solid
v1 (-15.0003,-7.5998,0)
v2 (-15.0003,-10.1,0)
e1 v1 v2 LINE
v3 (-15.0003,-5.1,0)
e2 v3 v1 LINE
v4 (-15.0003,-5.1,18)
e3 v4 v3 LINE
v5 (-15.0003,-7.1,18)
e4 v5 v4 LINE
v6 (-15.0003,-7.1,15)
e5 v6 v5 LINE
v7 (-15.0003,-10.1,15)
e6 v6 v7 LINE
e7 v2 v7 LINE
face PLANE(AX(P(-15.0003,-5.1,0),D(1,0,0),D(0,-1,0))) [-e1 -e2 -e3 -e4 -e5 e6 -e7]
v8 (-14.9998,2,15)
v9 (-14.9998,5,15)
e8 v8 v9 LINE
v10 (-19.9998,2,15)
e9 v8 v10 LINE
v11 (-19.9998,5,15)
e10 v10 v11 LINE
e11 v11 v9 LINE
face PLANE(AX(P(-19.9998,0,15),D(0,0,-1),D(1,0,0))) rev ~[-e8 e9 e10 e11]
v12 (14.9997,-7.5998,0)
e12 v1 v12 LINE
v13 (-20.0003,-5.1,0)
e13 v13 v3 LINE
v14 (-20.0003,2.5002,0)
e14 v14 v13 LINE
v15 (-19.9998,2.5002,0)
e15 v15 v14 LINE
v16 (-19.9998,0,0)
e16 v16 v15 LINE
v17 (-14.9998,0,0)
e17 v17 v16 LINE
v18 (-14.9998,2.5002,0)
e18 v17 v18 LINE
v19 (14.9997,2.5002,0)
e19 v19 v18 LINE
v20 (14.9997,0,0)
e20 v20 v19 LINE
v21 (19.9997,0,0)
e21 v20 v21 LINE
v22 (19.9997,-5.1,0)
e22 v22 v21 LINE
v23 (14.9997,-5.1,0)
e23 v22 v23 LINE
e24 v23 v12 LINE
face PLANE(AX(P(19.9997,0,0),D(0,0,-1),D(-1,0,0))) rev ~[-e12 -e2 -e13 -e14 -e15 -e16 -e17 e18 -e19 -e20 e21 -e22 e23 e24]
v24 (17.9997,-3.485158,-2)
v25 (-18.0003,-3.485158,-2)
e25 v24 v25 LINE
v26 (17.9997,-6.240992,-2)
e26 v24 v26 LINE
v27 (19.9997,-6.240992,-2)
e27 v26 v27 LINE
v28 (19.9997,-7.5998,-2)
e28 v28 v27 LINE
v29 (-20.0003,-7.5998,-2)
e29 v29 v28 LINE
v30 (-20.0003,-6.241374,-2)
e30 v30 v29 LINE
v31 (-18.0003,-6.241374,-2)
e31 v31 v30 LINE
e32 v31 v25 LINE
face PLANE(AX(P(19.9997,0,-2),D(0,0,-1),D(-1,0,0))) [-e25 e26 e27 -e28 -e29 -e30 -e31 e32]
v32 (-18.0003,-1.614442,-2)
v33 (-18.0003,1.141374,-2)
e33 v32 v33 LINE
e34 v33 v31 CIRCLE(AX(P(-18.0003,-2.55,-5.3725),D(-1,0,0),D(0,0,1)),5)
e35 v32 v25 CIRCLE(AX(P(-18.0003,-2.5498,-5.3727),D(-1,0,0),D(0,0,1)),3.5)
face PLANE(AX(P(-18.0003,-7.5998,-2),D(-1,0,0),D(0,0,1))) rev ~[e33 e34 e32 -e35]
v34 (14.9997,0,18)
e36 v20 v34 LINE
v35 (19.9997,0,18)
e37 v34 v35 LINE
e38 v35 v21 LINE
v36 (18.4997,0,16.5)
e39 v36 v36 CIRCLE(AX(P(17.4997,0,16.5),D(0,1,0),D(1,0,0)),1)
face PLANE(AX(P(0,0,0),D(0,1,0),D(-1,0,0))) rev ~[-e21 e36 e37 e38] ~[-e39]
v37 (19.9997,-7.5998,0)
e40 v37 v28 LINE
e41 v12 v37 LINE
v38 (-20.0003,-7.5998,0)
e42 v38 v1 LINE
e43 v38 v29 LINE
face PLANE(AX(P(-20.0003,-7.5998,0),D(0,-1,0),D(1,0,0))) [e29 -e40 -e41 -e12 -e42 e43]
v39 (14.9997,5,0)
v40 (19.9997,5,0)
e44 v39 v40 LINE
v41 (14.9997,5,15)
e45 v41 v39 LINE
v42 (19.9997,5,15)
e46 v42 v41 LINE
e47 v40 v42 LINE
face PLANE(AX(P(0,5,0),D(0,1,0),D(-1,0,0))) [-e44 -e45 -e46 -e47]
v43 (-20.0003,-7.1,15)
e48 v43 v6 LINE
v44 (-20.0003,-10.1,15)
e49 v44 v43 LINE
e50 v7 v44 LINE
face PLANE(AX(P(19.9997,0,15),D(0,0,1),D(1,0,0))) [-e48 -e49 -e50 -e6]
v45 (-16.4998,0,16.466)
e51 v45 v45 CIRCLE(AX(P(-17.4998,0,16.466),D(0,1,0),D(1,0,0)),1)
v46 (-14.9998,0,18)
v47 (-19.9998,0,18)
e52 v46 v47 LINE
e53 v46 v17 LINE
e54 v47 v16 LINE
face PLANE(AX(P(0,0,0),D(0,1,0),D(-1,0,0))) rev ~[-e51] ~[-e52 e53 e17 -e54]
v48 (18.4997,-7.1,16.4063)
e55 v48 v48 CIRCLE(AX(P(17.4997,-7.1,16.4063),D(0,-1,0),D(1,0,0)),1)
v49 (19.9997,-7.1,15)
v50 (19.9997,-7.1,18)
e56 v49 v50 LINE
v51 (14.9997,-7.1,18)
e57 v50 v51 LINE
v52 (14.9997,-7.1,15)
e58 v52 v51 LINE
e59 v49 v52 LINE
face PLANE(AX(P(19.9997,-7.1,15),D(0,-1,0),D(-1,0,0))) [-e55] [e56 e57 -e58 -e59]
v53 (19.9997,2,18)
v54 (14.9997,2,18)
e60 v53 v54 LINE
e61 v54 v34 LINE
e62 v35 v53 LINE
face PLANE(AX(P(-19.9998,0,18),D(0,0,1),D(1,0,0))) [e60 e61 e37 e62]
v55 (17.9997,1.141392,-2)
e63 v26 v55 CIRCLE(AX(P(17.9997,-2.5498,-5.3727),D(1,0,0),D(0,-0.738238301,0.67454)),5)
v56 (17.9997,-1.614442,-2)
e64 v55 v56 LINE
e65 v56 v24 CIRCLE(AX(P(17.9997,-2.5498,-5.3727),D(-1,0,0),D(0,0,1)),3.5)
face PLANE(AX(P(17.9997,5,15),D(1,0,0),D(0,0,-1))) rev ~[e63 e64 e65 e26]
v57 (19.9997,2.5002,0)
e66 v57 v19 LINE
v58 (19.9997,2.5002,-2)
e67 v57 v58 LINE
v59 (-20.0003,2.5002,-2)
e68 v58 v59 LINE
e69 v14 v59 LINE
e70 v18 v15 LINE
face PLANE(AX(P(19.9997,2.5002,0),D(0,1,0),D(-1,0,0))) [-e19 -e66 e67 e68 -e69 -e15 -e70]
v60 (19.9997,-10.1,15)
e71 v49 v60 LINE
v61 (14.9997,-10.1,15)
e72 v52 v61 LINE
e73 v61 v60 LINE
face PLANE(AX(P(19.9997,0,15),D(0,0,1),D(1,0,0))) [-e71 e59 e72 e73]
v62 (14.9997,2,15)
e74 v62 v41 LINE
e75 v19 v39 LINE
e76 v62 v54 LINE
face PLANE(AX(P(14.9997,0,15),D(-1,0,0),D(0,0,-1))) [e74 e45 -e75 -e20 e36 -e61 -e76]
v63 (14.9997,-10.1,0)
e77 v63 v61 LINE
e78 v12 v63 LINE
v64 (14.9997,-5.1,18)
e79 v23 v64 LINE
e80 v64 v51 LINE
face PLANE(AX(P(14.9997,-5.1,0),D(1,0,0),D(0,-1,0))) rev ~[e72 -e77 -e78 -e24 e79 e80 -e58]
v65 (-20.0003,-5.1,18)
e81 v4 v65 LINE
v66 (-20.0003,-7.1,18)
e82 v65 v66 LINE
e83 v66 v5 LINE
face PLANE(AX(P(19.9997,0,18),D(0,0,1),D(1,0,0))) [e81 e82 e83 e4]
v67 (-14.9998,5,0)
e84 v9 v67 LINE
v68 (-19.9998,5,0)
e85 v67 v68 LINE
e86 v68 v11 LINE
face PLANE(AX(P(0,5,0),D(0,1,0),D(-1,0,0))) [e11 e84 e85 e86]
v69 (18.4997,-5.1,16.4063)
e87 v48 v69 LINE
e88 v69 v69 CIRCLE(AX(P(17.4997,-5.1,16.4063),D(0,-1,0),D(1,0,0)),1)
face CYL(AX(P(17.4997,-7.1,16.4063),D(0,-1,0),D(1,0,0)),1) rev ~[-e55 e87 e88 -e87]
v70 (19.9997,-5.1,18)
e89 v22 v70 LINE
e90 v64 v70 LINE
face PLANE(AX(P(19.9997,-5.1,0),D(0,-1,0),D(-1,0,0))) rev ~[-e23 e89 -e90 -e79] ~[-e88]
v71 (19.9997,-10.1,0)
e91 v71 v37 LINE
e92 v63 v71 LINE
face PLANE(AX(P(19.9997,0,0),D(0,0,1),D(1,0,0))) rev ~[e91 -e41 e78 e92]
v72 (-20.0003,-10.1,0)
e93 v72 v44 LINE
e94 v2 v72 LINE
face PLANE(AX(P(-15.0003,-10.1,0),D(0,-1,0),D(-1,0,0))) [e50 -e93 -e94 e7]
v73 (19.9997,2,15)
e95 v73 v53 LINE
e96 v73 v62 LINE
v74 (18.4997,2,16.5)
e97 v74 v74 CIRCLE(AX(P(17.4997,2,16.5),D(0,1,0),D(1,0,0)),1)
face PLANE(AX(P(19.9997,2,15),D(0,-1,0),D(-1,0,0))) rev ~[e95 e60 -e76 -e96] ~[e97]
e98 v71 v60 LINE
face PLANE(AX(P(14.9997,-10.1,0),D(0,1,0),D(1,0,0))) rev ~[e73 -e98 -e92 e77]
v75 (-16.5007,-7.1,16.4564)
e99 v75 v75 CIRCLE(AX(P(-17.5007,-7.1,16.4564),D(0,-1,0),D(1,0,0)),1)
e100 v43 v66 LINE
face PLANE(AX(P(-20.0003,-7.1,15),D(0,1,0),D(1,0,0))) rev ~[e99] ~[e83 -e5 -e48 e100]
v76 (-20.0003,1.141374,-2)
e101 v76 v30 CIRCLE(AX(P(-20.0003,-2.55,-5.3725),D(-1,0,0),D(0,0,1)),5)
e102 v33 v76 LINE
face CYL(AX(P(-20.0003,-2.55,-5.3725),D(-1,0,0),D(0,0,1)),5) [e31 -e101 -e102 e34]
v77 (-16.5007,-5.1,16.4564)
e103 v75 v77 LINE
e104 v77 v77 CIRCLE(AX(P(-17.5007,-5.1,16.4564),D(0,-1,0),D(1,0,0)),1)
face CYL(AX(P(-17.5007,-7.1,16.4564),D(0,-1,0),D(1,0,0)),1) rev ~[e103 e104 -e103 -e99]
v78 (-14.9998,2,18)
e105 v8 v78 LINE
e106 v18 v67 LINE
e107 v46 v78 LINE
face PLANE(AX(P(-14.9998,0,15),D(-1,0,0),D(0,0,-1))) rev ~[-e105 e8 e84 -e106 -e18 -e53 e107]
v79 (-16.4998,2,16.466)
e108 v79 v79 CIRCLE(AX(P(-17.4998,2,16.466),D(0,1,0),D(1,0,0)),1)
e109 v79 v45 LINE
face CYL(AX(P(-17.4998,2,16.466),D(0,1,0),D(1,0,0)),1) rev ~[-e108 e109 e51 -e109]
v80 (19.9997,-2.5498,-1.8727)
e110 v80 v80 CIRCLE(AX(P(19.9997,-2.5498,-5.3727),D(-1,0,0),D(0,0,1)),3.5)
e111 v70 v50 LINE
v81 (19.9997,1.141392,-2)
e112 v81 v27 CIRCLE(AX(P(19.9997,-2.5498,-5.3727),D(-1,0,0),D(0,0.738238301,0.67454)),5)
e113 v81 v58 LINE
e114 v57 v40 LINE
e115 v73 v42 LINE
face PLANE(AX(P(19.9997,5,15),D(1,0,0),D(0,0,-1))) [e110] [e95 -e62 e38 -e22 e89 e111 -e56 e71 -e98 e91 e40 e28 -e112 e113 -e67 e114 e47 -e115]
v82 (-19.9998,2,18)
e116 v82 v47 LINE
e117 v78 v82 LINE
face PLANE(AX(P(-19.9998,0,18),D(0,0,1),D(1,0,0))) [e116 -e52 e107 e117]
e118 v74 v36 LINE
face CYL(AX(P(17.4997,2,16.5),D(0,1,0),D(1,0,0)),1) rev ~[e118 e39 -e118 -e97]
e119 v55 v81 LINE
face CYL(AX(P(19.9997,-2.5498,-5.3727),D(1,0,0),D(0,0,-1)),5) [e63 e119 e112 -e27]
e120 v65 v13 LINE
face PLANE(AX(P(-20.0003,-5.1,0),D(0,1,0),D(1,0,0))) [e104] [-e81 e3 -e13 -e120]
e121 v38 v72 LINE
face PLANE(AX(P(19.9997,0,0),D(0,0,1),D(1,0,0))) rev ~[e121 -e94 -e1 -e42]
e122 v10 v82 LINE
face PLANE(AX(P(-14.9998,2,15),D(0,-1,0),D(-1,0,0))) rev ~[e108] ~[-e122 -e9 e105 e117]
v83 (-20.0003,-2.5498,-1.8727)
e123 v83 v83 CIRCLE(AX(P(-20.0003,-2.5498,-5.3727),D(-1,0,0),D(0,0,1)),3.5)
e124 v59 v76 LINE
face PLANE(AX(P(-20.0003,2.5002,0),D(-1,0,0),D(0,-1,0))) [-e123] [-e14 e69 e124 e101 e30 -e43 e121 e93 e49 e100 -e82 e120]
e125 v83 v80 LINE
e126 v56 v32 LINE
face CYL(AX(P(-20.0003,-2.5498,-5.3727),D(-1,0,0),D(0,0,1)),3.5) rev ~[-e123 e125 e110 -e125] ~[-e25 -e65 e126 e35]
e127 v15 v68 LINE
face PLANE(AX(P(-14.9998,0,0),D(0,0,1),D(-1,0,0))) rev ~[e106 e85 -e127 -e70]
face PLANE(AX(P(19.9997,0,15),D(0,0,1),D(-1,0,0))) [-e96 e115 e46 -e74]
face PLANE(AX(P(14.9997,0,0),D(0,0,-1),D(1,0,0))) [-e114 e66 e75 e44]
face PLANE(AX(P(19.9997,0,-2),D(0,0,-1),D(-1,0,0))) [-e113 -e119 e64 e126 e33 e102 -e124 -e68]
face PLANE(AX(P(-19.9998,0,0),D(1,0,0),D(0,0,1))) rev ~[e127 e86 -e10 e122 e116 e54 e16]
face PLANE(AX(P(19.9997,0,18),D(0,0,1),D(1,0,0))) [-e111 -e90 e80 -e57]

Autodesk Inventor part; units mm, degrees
ref_plane "YZ Plane" through (0, 0, 0) normal (1, 0, 0) x (0, 1, 0)
ref_plane "XZ Plane" through (0, 0, 0) normal (0, 1, 0) x (-1, 0, 0)
ref_plane "XY Plane" through (0, 0, 0) normal (0, 0, 1) x (1, 0, 0)
sketch "Sketch3" plane through (0, 0, 0) normal (0, 1, 0) x (-1, 0, 0)
  line L0 (-14.9997, 0) -> (-19.9997, 0)
  line L1 (-19.9997, 0) -> (-19.9997, 15)
  line L2 (-19.9997, 15) -> (-14.9997, 15)
  line L3 (-14.9997, 15) -> (-14.9997, 0)
  line L4 (14.9998, 0) -> (19.9998, 0)
  line L5 (19.9998, 0) -> (19.9998, 15)
  line L6 (19.9998, 15) -> (14.9998, 15)
  line L7 (14.9998, 15) -> (14.9998, 0)
  point P0 (0, 0)
  dimension "d4" = 5
  dimension "d5" = 15
  dimension "d6" = 5
  dimension "d7" = 15
extrude "Extrusion1" add sketch "Sketch3" along normal blind 5
sketch "Sketch5" plane through (-19.9998, 0, 15) normal (0, 0, 1) x (1, 0, 0)
  line L0 (5, 0) -> (0, 0) projected
  line L1 (0, 0) -> (5, 0)
  line L2 (5, 0) -> (5, 2)
  line L3 (5, 2) -> (0, 2)
  line L4 (0, 2) -> (0, 0)
  line L5 (34.9995, 0) -> (39.9995, 0) projected
  line L6 (34.9995, 0) -> (39.9995, 0)
  line L7 (39.9995, 0) -> (39.9995, 2)
  line L8 (39.9995, 2) -> (34.9995, 2)
  line L9 (34.9995, 2) -> (34.9995, 0)
  point P0 (19.9998, 0)
  dimension "d10" = 5
  dimension "d11" = 2
  dimension "d12" = 5
  dimension "d13" = 2
extrude "Extrusion2" add sketch "Sketch5" along normal blind 3
sketch "Sketch6" plane through (-19.9998, 2, 15) normal (0, 1, 0) x (1, 0, 0)
  point P0 (19.9998, 15)
sketch "Sketch7" plane through (-19.9998, 2, 15) normal (0, 1, 0) x (1, 0, 0)
  circle A0 centre (2.5, -1.466) radius 1
  line L0 (0, 0) -> (0, -3) projected
  circle A1 centre (37.4995, -1.5) radius 1
  line L1 (34.9995, 0) -> (34.9995, -3) projected
  point P0 (19.9998, 15)
  point P1 (0, -1.5)
  point P2 (34.9995, -1.5)
  dimension "d16" = 2
  dimension "d17" = 2.5
  dimension "d18" = 2
  dimension "d19" = 2.5
extrude "Extrusion3" cut sketch "Sketch7" against normal blind 2
sketch "Sketch8" plane through (19.9997, 0, 0) normal (0, 0, -1) x (-1, 0, 0)
  line L0 (0, 2) -> (0, 5) projected
  line L1 (0, 2.5002) -> (40, 2.5002)
  line L2 (40, 2.5002) -> (40, -7.5998)
  line L3 (40, -7.5998) -> (0, -7.5998)
  line L4 (0, -7.5998) -> (0, 2.5002)
  point P0 (19.9997, 0)
  dimension "d22" = 40
  dimension "d23" = 10.1
extrude "Extrusion4" add sketch "Sketch8" along normal blind 2
sketch "Sketch9" plane through (19.9997, 0, 0) normal (0, 0, 1) x (1, 0, 0)
  line L0 (-40, -7.5998) -> (-40, 2.5002) projected
  line L1 (-40, -5.1) -> (-35, -5.1)
  line L2 (-35, -5.1) -> (-35, -10.1)
  line L3 (-35, -10.1) -> (-40, -10.1)
  line L4 (-40, -10.1) -> (-40, -5.1)
  line L5 (0, 0) -> (0, -7.5998) projected
  line L6 (0, -5.1) -> (-5, -5.1)
  line L7 (-5, -5.1) -> (-5, -10.1)
  line L8 (-5, -10.1) -> (0, -10.1)
  line L9 (0, -10.1) -> (0, -5.1)
  point P0 (-19.9997, 0)
  dimension "d26" = 5
  dimension "d27" = 5
  dimension "d28" = 5
  dimension "d29" = 5
extrude "Extrusion5" add sketch "Sketch9" along normal blind 15
sketch "Sketch10" plane through (19.9997, 0, 15) normal (0, 0, 1) x (1, 0, 0)
  line L0 (-35, -5.1) -> (-40, -5.1)
  line L1 (-40, -5.1) -> (-40, -7.1)
  line L2 (-40, -7.1) -> (-35, -7.1)
  line L3 (-35, -7.1) -> (-35, -5.1)
  line L4 (-5, -5.1) -> (-5, -10.1) projected
  line L5 (-5, -5.1) -> (0, -5.1)
  line L6 (0, -5.1) -> (0, -7.1)
  line L7 (0, -7.1) -> (-5, -7.1)
  line L8 (-5, -7.1) -> (-5, -5.1)
  point P0 (-19.9997, 0)
  dimension "d32" = 5
  dimension "d33" = 2
  dimension "d34" = 5
  dimension "d35" = 2
extrude "Extrusion6" add sketch "Sketch10" along normal blind 3
sketch "Sketch11" plane through (-20.0003, -7.1, 15) normal (0, -1, 0) x (1, 0, 0)
  circle A0 centre (2.4996, 1.4564) radius 1
  line L0 (0, 0) -> (0, 3) projected
  circle A1 centre (37.5, 1.4063) radius 1
  line L1 (40, 0) -> (40, 3) projected
  point P0 (20.0003, -15)
  point P1 (0, 1.5)
  point P2 (40, 1.5)
  dimension "d38" = 2
  dimension "d39" = 2.5
  dimension "d40" = 2
  dimension "d41" = 2.5
extrude "Extrusion7" cut sketch "Sketch11" against normal blind 2
sketch "Sketch13" plane through (19.9997, 5, 15) normal (1, 0, 0) x (0, 0, -1)
  circle A0 centre (20.3727, -7.5498) radius 5
  point P0 (15, -5)
  dimension "d44" = 10
extrude "Extrusion8" add sketch "Sketch13" against normal blind 2
sketch "Sketch14" plane through (17.9997, 5, 15) normal (-1, 0, 0) x (0, 0, 1)
  arc A0 (-17, -3.8586) -> (-17, -11.241) centre (-20.3727, -7.5498) ccw projected
  point P0 (-15, -5)
sketch "Sketch15" plane through (-20.0003, -7.5998, -2) normal (-1, 0, 0) x (0, 0, 1)
  point P0 (2, 7.5998)
sketch "Sketch16" plane through (-20.0003, -7.5998, -2) normal (-1, 0, 0) x (0, 0, 1)
  circle A0 centre (-3.3725, 5.0498) radius 5
  point P0 (2, 7.5998)
  dimension "d47" = 10
extrude "Extrusion9" add sketch "Sketch16" against normal blind 2
sketch "Sketch18" plane through (-20.0003, 2.5002, -2) normal (-1, 0, 0) x (0, 0, 1)
  arc A0 (0, -1.3588) -> (0, -8.7412) centre (-3.3727, -5.05) ccw projected
  circle A1 centre (-3.3727, -5.05) radius 3.5
  point P0 (2, -2.5002)
  dimension "d50" = 7
extrude "Extrusion10" cut sketch "Sketch18" against normal blind 40
properties part number "mount"
